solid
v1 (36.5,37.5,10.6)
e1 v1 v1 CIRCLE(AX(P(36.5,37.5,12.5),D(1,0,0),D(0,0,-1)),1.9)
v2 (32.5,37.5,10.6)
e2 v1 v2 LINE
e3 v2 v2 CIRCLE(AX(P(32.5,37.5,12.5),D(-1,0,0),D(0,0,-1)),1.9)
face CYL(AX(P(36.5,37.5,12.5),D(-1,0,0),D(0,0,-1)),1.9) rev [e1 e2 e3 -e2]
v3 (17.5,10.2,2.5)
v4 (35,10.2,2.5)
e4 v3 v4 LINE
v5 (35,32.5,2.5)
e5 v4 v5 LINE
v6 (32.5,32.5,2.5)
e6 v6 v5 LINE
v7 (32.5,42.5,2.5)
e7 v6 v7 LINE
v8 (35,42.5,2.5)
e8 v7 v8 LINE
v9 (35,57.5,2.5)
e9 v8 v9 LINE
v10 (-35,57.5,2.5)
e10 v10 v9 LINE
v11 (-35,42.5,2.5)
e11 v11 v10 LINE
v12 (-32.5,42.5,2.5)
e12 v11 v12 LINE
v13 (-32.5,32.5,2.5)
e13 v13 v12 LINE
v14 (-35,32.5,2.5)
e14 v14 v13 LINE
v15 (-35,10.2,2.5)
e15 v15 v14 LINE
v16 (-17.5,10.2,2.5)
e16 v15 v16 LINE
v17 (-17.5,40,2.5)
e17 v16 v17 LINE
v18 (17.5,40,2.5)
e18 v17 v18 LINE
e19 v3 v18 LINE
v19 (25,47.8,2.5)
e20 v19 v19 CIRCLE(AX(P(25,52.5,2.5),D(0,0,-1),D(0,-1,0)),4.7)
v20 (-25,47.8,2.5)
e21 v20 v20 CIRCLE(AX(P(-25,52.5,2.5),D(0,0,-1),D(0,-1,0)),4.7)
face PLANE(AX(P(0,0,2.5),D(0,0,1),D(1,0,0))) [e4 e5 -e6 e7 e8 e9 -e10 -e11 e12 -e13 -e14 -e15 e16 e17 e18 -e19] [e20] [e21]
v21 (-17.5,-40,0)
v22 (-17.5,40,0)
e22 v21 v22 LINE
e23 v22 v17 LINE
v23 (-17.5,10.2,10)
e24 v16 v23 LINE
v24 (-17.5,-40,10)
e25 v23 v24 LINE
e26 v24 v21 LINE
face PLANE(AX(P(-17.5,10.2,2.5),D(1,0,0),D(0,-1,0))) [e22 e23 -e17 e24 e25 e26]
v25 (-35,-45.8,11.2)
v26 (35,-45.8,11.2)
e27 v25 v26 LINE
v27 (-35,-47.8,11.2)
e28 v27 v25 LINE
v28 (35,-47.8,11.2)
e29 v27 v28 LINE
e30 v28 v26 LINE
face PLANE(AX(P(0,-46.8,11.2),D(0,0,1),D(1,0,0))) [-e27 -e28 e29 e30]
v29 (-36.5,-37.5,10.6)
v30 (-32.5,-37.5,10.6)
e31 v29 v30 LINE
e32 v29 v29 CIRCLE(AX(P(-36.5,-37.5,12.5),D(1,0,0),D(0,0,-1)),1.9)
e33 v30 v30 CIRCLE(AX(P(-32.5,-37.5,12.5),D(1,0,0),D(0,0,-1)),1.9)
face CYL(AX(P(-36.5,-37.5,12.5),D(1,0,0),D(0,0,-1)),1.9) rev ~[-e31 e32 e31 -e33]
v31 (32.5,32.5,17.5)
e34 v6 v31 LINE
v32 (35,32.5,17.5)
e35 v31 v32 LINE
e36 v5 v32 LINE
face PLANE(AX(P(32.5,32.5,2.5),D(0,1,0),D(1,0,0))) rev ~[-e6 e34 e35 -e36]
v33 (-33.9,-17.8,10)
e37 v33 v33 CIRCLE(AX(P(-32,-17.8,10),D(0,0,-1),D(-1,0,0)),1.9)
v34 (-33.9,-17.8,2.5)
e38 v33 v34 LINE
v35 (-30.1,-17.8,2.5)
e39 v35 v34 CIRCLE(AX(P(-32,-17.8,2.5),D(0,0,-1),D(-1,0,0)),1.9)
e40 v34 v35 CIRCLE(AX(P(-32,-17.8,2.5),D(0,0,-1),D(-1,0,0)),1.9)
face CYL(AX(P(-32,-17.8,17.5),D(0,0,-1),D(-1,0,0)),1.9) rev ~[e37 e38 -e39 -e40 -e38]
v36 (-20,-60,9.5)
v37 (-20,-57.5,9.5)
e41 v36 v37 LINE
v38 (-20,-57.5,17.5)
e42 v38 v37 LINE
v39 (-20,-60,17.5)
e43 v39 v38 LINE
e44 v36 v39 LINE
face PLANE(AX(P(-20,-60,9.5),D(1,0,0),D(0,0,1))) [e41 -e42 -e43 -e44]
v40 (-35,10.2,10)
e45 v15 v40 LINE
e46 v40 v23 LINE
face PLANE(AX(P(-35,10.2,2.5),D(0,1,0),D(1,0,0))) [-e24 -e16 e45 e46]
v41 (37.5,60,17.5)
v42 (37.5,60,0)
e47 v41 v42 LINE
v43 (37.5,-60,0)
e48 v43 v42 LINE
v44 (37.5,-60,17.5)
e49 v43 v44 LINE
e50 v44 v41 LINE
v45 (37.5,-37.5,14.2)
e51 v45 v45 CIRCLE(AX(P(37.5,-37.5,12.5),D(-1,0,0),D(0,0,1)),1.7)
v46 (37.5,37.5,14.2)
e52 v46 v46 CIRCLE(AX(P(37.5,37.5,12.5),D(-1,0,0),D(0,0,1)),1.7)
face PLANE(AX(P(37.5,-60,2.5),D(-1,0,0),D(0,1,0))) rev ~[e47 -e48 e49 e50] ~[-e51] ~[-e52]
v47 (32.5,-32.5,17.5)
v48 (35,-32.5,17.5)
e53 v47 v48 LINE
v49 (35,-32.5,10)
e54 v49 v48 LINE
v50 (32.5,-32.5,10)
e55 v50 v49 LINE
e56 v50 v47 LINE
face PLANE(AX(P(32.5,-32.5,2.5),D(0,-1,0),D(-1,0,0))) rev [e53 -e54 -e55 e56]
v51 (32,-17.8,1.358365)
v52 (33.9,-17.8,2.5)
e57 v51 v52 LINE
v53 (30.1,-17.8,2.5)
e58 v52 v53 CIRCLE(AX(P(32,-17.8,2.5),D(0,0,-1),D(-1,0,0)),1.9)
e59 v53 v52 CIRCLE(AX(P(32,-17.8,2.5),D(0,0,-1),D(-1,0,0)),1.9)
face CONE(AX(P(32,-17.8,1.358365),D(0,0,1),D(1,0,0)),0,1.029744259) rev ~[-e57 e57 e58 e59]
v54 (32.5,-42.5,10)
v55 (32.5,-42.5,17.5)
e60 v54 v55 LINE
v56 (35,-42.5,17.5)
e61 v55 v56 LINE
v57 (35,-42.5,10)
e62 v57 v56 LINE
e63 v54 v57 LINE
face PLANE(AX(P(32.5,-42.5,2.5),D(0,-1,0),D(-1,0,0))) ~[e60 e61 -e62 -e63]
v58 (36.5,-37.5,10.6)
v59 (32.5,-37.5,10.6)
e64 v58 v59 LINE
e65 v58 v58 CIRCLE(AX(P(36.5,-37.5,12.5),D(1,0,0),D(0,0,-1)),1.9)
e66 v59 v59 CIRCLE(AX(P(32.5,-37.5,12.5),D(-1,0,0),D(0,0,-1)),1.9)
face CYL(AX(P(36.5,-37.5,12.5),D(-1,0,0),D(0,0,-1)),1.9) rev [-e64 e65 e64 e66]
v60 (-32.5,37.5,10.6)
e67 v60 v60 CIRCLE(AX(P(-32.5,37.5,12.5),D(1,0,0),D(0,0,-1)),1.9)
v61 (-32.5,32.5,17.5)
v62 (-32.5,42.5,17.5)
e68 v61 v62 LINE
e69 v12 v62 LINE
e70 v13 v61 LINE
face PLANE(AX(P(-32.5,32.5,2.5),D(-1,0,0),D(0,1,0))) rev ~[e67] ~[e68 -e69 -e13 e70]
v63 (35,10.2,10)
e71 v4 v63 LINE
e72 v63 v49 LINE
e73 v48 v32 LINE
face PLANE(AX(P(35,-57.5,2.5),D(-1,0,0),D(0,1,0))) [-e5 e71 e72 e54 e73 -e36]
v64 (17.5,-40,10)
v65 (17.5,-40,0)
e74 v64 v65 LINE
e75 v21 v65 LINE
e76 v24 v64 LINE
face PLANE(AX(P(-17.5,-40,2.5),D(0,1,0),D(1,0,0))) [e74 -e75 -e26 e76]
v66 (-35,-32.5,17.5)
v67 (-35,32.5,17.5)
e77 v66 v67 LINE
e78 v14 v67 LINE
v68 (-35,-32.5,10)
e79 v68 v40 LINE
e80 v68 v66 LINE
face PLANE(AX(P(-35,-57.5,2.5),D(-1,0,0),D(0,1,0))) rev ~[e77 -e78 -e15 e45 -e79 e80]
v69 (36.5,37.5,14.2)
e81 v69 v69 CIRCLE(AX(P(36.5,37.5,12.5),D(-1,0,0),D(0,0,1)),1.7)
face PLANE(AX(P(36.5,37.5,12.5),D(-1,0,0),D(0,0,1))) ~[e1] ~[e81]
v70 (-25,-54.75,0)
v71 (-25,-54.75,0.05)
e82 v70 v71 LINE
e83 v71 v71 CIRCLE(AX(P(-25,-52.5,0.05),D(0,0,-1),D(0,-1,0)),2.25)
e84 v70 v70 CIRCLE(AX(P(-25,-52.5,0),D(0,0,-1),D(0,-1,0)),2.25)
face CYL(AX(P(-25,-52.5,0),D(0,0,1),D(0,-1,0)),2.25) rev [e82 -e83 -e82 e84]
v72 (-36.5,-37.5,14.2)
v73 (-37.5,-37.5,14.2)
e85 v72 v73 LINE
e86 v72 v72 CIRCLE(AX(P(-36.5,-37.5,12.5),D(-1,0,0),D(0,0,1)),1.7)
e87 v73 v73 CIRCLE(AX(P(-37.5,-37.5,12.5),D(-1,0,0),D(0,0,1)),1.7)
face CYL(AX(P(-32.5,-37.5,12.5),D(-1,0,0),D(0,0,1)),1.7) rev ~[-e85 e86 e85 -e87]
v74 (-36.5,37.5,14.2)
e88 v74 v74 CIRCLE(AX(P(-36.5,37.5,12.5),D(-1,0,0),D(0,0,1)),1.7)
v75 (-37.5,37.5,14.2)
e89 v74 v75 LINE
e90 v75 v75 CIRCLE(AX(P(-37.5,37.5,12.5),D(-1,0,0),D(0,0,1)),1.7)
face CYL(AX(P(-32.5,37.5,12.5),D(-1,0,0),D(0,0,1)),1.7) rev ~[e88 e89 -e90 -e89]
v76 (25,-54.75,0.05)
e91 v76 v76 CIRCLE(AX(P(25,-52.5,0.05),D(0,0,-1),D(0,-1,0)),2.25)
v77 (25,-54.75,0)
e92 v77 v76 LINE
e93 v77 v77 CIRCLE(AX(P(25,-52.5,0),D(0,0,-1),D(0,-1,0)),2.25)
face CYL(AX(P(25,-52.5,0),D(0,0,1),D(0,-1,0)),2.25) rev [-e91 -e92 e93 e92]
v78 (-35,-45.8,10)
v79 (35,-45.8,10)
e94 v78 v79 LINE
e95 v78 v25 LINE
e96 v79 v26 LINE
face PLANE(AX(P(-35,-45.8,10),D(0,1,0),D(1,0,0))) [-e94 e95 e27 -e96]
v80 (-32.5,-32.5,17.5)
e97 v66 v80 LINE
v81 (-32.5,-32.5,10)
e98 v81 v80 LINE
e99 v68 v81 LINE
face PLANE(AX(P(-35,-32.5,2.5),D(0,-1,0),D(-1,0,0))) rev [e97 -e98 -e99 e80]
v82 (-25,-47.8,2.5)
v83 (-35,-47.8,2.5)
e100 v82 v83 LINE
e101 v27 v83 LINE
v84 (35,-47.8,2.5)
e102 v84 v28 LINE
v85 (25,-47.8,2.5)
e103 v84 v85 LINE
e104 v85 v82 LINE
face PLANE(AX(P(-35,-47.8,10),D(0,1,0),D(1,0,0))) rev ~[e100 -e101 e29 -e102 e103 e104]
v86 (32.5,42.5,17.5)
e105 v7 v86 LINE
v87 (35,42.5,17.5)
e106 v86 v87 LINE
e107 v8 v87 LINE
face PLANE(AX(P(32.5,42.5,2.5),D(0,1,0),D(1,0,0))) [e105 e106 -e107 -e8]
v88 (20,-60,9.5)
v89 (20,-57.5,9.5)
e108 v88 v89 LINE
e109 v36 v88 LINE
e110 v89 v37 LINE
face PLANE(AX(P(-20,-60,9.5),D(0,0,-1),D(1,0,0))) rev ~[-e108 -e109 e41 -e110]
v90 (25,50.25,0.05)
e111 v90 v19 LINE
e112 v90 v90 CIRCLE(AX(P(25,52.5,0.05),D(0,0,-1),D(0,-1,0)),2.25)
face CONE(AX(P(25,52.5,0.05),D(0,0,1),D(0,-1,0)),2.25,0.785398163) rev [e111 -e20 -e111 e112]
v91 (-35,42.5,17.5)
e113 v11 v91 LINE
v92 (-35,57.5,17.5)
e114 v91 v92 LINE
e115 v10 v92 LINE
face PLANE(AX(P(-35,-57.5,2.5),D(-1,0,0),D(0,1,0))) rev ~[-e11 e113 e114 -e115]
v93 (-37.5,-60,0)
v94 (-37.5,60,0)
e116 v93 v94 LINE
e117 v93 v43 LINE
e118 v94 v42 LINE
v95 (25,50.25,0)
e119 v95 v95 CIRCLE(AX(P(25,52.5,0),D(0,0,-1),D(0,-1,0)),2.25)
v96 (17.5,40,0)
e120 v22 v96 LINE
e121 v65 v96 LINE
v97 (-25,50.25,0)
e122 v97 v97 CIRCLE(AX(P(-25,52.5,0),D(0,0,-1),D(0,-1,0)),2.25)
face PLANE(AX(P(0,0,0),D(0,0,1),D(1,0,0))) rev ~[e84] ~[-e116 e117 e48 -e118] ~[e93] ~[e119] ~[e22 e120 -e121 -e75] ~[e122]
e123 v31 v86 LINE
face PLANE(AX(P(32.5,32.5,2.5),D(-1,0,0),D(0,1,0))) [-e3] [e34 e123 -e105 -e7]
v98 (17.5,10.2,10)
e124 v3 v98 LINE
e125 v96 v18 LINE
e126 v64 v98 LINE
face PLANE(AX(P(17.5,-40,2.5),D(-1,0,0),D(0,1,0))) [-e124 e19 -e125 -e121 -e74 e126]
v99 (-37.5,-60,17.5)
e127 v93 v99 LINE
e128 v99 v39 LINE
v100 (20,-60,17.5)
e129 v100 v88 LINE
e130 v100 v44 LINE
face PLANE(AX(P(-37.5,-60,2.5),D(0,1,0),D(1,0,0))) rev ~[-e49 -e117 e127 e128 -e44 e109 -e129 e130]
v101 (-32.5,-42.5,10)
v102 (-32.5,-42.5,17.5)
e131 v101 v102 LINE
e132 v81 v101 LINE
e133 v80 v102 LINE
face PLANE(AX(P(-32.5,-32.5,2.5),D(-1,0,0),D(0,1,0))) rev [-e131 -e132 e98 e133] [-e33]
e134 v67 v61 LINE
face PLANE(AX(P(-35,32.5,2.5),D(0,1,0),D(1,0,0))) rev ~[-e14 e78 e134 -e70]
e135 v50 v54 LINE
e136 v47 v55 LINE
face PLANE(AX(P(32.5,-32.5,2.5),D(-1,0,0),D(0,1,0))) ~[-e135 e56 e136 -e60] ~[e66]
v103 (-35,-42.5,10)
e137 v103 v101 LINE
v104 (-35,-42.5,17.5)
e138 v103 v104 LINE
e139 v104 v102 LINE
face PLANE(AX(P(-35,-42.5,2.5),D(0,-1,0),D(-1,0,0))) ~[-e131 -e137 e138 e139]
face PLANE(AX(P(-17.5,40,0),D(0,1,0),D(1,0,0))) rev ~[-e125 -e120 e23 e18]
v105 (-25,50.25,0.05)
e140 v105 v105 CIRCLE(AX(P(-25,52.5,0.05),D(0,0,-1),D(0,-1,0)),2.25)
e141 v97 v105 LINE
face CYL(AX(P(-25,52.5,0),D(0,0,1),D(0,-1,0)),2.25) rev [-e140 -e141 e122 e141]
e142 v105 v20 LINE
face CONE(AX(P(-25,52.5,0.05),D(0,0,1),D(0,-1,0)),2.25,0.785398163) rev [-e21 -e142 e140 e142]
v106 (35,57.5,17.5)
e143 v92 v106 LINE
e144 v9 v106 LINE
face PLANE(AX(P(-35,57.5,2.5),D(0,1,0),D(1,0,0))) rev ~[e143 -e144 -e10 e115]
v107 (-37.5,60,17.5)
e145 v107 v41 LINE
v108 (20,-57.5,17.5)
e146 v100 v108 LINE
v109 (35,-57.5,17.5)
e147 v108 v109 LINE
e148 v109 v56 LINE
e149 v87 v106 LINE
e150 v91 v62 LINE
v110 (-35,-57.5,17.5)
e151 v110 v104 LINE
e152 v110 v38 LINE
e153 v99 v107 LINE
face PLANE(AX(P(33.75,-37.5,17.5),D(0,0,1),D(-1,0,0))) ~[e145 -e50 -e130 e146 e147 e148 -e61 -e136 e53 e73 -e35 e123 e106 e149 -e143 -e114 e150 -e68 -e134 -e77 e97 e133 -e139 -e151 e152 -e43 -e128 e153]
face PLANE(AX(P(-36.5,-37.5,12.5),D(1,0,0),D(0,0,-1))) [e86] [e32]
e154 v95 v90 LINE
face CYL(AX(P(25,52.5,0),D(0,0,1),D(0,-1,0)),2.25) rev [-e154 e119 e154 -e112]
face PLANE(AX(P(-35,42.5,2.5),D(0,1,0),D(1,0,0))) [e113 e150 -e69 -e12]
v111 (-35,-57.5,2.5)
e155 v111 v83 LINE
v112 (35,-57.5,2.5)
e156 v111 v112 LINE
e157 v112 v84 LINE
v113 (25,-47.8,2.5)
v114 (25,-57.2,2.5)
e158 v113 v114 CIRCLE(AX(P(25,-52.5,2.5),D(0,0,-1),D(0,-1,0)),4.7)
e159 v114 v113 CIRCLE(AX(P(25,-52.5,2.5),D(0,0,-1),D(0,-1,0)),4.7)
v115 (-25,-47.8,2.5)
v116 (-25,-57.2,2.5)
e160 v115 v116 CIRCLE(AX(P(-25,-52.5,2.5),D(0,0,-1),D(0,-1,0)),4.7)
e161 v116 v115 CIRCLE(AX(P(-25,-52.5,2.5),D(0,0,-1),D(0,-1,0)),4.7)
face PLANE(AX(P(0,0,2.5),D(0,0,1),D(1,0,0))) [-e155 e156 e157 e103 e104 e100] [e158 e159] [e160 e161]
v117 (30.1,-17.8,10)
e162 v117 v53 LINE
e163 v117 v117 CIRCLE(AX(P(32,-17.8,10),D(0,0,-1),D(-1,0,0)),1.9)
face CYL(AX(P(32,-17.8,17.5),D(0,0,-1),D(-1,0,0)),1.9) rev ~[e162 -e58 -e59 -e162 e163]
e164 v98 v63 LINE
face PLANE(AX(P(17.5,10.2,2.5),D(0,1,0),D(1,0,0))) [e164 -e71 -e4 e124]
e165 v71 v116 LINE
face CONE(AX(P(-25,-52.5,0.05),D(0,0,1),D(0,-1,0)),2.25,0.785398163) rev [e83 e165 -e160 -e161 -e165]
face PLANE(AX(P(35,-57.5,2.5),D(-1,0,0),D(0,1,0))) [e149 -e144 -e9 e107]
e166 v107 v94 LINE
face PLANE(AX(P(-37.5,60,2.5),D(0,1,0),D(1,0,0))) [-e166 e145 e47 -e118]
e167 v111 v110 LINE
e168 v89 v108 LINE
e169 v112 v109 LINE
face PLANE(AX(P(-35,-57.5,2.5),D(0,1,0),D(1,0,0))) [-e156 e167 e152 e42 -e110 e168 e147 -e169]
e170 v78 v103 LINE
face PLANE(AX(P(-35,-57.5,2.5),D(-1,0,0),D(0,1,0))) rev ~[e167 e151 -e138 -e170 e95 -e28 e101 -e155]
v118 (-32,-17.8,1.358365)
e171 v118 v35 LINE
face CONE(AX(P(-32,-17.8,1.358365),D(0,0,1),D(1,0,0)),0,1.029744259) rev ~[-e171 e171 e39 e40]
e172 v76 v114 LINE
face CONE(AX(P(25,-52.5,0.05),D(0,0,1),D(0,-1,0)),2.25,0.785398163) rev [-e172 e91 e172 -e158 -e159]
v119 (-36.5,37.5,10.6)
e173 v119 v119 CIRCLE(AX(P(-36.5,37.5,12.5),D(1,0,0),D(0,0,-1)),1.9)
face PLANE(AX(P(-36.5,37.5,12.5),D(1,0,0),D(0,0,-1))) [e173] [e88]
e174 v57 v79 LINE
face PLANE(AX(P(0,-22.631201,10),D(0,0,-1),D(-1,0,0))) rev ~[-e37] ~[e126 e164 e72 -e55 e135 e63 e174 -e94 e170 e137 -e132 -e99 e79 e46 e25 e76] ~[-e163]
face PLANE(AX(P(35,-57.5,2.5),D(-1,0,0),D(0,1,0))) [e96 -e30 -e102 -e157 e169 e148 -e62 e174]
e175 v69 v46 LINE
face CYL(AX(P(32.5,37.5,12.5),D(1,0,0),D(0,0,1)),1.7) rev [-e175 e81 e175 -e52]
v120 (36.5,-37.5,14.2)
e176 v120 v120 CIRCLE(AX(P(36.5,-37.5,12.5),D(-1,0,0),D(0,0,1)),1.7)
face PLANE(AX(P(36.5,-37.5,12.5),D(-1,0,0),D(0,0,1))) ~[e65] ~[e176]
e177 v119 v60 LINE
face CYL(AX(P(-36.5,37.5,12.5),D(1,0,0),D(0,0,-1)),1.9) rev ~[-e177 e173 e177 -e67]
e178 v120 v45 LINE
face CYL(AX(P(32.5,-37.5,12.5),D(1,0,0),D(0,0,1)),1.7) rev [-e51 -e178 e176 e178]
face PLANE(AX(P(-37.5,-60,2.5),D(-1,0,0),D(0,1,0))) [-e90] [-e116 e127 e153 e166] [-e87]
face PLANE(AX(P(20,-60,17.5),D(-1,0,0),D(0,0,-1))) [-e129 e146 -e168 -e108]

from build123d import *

# Parameters (mm, degrees)
SKICA1_W                                          = 75
SKICA1_H                                          = 120
SKICA1_W_2                                        = 35
SKICA1_H_2                                        = 80
P_IDAT_VYSUNUT_M1_DEPTH                           = 2.5
SKICA2_W                                          = 75
SKICA2_H                                          = 120
SKICA2_W_2                                        = 70
SKICA2_H_2                                        = 115
P_IDAT_VYSUNUT_M2_DEPTH                           = 15
KU_ELOV_ZAHLOUBEN_PRO_M4_ROUBU_SE_2_COUNT         = 2
KU_ELOV_ZAHLOUBEN_PRO_M4_ROUBU_SE_2_PITCH         = 50
KU_ELOV_ZAHLOUBEN_PRO_M4_ROUBU_SE_3_COUNT         = 2
KU_ELOV_ZAHLOUBEN_PRO_M4_ROUBU_SE_3_PITCH         = 105
KU_ELOV_ZAHLOUBEN_PRO_M4_ROUBU_SE_4_COUNT         = 2
KU_ELOV_ZAHLOUBEN_PRO_M4_ROUBU_SE_4_PITCH         = 116.297033496
ODEBRAT_VYSUNUT_M4_DEPTH                          = 10
P_IDAT_VYSUNUT_M3_DEPTH                           = 7.5
SKICA22_W                                         = 70
SKICA22_H                                         = 2
P_IDAT_VYSUNUT_M4_DEPTH                           = 1.2
D_RY_PRO_KOL_K_VELIKOST_MM1_D                     = 3.8
D_RY_PRO_KOL_K_VELIKOST_MM1_DEPTH                 = 7.5
D_RY_PRO_KOL_K_VELIKOST_MM1_TIP                   = 1.141635176
SKICA27_W                                         = 2.5
SKICA27_H                                         = 10
P_IDAT_VYSUNUT_M5_DEPTH                           = 15
V_LCOV_ZAHLOUBEN_PRO_M3_ROUBY_S_K_NIC_D           = 3.4
V_LCOV_ZAHLOUBEN_PRO_M3_ROUBY_S_K_NIC_DEPTH       = 5
V_LCOV_ZAHLOUBEN_PRO_M3_ROUBY_S_K_NIC_CBORE_D     = 3.8
V_LCOV_ZAHLOUBEN_PRO_M3_ROUBY_S_K_NIC_CBORE_DEPTH = 4


with BuildPart() as part:
    # Skica1 → Přidat vysunutím1 (new body)
    with BuildSketch(Plane.XY):
        Rectangle(SKICA1_W, SKICA1_H)
        Rectangle(SKICA1_W_2, SKICA1_H_2, mode=Mode.SUBTRACT)
    extrude(amount=P_IDAT_VYSUNUT_M1_DEPTH)

    # Skica2 → Přidat vysunutím2 (add)
    with BuildSketch(Plane.XY.offset(2.5)):
        Rectangle(SKICA2_W, SKICA2_H)
        Rectangle(SKICA2_W_2, SKICA2_H_2, mode=Mode.SUBTRACT)
    extrude(amount=P_IDAT_VYSUNUT_M2_DEPTH)

    # Skica15 → Kuželové zahloubení pro M4 šroubu se zápustnou hlavou plochou2 (revolve, cut)
    with BuildSketch(Plane(origin=(25, 52.5, 2.5), x_dir=(0, -1, 0), z_dir=(1, 0, 0))):
        Polygon((0, 0), (0, 2.5), (2.25, 2.5), (2.25, 2.45), (4.7, 0), align=None)
    ku_elov_zahlouben_pro_m4_roubu_se_z_p = revolve(axis=Axis((25, 52.5, 8.85), (0, 0, -1)), mode=Mode.SUBTRACT)

    # Ku_elov_ zahlouben_ pro M4 _roubu se 2: Kuželové zahloubení pro M4 šroubu se zápustnou hlavou plochou2 ×2
    with Locations(*[(-i * KU_ELOV_ZAHLOUBEN_PRO_M4_ROUBU_SE_2_PITCH, 0, 0) for i in range(1, KU_ELOV_ZAHLOUBEN_PRO_M4_ROUBU_SE_2_COUNT)]):
        add(ku_elov_zahlouben_pro_m4_roubu_se_z_p, mode=Mode.SUBTRACT)

    # Ku_elov_ zahlouben_ pro M4 _roubu se 3: Kuželové zahloubení pro M4 šroubu se zápustnou hlavou plochou2 ×2
    with Locations(*[(0, -i * KU_ELOV_ZAHLOUBEN_PRO_M4_ROUBU_SE_3_PITCH, 0) for i in range(1, KU_ELOV_ZAHLOUBEN_PRO_M4_ROUBU_SE_3_COUNT)]):
        add(ku_elov_zahlouben_pro_m4_roubu_se_z_p, mode=Mode.SUBTRACT)

    # Ku_elov_ zahlouben_ pro M4 _roubu se 4: Kuželové zahloubení pro M4 šroubu se zápustnou hlavou plochou2 ×2
    with Locations(*[Vector(-0.42993358039234786, -0.9028605188239304, 0) * (i * KU_ELOV_ZAHLOUBEN_PRO_M4_ROUBU_SE_4_PITCH) for i in range(1, KU_ELOV_ZAHLOUBEN_PRO_M4_ROUBU_SE_4_COUNT)]):
        add(ku_elov_zahlouben_pro_m4_roubu_se_z_p, mode=Mode.SUBTRACT)

    # Skica20 → Odebrat vysunutím4 (cut)
    with BuildSketch(Plane.XZ.offset(60)):
        Polygon((0, 9.5), (-20, 9.5), (-20, 17.5), (20, 17.5), (20, 9.5), align=None)
    extrude(amount=-ODEBRAT_VYSUNUT_M4_DEPTH, mode=Mode.SUBTRACT)

    # Skica21 → Přidat vysunutím3 (add)
    with BuildSketch(Plane.XY.offset(2.5)):
        Polygon((35, -47.8), (-35, -47.8), (-35, 10.2), (-17.5, 10.2), (-17.5, -40), (17.5, -40), (17.5, 10.2), (35, 10.2), align=None)
    extrude(amount=P_IDAT_VYSUNUT_M3_DEPTH)

    # Skica22 → Přidat vysunutím4 (add)
    with BuildSketch(Plane.XY.offset(10)):
        with Locations((0, -46.8)):
            Rectangle(SKICA22_W, SKICA22_H)
    extrude(amount=P_IDAT_VYSUNUT_M4_DEPTH)

    # Díry pro kolík, velikost mm1
    with Locations(Plane.XY.offset(10)):
        with Locations((32, -17.8), (-32, -17.8)):
            Hole(D_RY_PRO_KOL_K_VELIKOST_MM1_D / 2, depth=D_RY_PRO_KOL_K_VELIKOST_MM1_DEPTH)
            with Locations((0, 0, -(D_RY_PRO_KOL_K_VELIKOST_MM1_DEPTH + D_RY_PRO_KOL_K_VELIKOST_MM1_TIP / 2))):  # 118° drill point
                Cone(0, D_RY_PRO_KOL_K_VELIKOST_MM1_D / 2, D_RY_PRO_KOL_K_VELIKOST_MM1_TIP, mode=Mode.SUBTRACT)

    # Skica27 → Přidat vysunutím5 (add)
    with BuildSketch(Plane.XY.offset(2.5)):
        with Locations((33.75, 37.5)):
            Rectangle(SKICA27_W, SKICA27_H)
        with Locations((-33.75, 37.5)):
            Rectangle(SKICA27_W, SKICA27_H)
    p_idat_vysunut_m5 = extrude(amount=P_IDAT_VYSUNUT_M5_DEPTH)

    # Zrcadlit1: Přidat vysunutím5 across plane
    add(p_idat_vysunut_m5.mirror(Plane.ZX))

    # Válcové zahloubení pro M3 šrouby s kónickou hlavou1
    with Locations(Plane(origin=(-32.5, 0, 0), x_dir=(0, 0, -1), z_dir=(1, 0, 0))):
        with Locations((-12.5, -37.5), (-12.5, 37.5)):
            v_lcov_zahlouben_pro_m3_rouby_s_k_nic = CounterBoreHole(V_LCOV_ZAHLOUBEN_PRO_M3_ROUBY_S_K_NIC_D / 2, V_LCOV_ZAHLOUBEN_PRO_M3_ROUBY_S_K_NIC_CBORE_D / 2, V_LCOV_ZAHLOUBEN_PRO_M3_ROUBY_S_K_NIC_CBORE_DEPTH, depth=V_LCOV_ZAHLOUBEN_PRO_M3_ROUBY_S_K_NIC_DEPTH)

    # Zrcadlit2: Válcové zahloubení pro M3 šrouby s kónickou hlavou1 across plane
    add(v_lcov_zahlouben_pro_m3_rouby_s_k_nic.mirror(Plane(origin=(0, 0, 0), x_dir=(0, 0, 1), z_dir=(1, 0, 0))), mode=Mode.SUBTRACT)


solid = part.part
